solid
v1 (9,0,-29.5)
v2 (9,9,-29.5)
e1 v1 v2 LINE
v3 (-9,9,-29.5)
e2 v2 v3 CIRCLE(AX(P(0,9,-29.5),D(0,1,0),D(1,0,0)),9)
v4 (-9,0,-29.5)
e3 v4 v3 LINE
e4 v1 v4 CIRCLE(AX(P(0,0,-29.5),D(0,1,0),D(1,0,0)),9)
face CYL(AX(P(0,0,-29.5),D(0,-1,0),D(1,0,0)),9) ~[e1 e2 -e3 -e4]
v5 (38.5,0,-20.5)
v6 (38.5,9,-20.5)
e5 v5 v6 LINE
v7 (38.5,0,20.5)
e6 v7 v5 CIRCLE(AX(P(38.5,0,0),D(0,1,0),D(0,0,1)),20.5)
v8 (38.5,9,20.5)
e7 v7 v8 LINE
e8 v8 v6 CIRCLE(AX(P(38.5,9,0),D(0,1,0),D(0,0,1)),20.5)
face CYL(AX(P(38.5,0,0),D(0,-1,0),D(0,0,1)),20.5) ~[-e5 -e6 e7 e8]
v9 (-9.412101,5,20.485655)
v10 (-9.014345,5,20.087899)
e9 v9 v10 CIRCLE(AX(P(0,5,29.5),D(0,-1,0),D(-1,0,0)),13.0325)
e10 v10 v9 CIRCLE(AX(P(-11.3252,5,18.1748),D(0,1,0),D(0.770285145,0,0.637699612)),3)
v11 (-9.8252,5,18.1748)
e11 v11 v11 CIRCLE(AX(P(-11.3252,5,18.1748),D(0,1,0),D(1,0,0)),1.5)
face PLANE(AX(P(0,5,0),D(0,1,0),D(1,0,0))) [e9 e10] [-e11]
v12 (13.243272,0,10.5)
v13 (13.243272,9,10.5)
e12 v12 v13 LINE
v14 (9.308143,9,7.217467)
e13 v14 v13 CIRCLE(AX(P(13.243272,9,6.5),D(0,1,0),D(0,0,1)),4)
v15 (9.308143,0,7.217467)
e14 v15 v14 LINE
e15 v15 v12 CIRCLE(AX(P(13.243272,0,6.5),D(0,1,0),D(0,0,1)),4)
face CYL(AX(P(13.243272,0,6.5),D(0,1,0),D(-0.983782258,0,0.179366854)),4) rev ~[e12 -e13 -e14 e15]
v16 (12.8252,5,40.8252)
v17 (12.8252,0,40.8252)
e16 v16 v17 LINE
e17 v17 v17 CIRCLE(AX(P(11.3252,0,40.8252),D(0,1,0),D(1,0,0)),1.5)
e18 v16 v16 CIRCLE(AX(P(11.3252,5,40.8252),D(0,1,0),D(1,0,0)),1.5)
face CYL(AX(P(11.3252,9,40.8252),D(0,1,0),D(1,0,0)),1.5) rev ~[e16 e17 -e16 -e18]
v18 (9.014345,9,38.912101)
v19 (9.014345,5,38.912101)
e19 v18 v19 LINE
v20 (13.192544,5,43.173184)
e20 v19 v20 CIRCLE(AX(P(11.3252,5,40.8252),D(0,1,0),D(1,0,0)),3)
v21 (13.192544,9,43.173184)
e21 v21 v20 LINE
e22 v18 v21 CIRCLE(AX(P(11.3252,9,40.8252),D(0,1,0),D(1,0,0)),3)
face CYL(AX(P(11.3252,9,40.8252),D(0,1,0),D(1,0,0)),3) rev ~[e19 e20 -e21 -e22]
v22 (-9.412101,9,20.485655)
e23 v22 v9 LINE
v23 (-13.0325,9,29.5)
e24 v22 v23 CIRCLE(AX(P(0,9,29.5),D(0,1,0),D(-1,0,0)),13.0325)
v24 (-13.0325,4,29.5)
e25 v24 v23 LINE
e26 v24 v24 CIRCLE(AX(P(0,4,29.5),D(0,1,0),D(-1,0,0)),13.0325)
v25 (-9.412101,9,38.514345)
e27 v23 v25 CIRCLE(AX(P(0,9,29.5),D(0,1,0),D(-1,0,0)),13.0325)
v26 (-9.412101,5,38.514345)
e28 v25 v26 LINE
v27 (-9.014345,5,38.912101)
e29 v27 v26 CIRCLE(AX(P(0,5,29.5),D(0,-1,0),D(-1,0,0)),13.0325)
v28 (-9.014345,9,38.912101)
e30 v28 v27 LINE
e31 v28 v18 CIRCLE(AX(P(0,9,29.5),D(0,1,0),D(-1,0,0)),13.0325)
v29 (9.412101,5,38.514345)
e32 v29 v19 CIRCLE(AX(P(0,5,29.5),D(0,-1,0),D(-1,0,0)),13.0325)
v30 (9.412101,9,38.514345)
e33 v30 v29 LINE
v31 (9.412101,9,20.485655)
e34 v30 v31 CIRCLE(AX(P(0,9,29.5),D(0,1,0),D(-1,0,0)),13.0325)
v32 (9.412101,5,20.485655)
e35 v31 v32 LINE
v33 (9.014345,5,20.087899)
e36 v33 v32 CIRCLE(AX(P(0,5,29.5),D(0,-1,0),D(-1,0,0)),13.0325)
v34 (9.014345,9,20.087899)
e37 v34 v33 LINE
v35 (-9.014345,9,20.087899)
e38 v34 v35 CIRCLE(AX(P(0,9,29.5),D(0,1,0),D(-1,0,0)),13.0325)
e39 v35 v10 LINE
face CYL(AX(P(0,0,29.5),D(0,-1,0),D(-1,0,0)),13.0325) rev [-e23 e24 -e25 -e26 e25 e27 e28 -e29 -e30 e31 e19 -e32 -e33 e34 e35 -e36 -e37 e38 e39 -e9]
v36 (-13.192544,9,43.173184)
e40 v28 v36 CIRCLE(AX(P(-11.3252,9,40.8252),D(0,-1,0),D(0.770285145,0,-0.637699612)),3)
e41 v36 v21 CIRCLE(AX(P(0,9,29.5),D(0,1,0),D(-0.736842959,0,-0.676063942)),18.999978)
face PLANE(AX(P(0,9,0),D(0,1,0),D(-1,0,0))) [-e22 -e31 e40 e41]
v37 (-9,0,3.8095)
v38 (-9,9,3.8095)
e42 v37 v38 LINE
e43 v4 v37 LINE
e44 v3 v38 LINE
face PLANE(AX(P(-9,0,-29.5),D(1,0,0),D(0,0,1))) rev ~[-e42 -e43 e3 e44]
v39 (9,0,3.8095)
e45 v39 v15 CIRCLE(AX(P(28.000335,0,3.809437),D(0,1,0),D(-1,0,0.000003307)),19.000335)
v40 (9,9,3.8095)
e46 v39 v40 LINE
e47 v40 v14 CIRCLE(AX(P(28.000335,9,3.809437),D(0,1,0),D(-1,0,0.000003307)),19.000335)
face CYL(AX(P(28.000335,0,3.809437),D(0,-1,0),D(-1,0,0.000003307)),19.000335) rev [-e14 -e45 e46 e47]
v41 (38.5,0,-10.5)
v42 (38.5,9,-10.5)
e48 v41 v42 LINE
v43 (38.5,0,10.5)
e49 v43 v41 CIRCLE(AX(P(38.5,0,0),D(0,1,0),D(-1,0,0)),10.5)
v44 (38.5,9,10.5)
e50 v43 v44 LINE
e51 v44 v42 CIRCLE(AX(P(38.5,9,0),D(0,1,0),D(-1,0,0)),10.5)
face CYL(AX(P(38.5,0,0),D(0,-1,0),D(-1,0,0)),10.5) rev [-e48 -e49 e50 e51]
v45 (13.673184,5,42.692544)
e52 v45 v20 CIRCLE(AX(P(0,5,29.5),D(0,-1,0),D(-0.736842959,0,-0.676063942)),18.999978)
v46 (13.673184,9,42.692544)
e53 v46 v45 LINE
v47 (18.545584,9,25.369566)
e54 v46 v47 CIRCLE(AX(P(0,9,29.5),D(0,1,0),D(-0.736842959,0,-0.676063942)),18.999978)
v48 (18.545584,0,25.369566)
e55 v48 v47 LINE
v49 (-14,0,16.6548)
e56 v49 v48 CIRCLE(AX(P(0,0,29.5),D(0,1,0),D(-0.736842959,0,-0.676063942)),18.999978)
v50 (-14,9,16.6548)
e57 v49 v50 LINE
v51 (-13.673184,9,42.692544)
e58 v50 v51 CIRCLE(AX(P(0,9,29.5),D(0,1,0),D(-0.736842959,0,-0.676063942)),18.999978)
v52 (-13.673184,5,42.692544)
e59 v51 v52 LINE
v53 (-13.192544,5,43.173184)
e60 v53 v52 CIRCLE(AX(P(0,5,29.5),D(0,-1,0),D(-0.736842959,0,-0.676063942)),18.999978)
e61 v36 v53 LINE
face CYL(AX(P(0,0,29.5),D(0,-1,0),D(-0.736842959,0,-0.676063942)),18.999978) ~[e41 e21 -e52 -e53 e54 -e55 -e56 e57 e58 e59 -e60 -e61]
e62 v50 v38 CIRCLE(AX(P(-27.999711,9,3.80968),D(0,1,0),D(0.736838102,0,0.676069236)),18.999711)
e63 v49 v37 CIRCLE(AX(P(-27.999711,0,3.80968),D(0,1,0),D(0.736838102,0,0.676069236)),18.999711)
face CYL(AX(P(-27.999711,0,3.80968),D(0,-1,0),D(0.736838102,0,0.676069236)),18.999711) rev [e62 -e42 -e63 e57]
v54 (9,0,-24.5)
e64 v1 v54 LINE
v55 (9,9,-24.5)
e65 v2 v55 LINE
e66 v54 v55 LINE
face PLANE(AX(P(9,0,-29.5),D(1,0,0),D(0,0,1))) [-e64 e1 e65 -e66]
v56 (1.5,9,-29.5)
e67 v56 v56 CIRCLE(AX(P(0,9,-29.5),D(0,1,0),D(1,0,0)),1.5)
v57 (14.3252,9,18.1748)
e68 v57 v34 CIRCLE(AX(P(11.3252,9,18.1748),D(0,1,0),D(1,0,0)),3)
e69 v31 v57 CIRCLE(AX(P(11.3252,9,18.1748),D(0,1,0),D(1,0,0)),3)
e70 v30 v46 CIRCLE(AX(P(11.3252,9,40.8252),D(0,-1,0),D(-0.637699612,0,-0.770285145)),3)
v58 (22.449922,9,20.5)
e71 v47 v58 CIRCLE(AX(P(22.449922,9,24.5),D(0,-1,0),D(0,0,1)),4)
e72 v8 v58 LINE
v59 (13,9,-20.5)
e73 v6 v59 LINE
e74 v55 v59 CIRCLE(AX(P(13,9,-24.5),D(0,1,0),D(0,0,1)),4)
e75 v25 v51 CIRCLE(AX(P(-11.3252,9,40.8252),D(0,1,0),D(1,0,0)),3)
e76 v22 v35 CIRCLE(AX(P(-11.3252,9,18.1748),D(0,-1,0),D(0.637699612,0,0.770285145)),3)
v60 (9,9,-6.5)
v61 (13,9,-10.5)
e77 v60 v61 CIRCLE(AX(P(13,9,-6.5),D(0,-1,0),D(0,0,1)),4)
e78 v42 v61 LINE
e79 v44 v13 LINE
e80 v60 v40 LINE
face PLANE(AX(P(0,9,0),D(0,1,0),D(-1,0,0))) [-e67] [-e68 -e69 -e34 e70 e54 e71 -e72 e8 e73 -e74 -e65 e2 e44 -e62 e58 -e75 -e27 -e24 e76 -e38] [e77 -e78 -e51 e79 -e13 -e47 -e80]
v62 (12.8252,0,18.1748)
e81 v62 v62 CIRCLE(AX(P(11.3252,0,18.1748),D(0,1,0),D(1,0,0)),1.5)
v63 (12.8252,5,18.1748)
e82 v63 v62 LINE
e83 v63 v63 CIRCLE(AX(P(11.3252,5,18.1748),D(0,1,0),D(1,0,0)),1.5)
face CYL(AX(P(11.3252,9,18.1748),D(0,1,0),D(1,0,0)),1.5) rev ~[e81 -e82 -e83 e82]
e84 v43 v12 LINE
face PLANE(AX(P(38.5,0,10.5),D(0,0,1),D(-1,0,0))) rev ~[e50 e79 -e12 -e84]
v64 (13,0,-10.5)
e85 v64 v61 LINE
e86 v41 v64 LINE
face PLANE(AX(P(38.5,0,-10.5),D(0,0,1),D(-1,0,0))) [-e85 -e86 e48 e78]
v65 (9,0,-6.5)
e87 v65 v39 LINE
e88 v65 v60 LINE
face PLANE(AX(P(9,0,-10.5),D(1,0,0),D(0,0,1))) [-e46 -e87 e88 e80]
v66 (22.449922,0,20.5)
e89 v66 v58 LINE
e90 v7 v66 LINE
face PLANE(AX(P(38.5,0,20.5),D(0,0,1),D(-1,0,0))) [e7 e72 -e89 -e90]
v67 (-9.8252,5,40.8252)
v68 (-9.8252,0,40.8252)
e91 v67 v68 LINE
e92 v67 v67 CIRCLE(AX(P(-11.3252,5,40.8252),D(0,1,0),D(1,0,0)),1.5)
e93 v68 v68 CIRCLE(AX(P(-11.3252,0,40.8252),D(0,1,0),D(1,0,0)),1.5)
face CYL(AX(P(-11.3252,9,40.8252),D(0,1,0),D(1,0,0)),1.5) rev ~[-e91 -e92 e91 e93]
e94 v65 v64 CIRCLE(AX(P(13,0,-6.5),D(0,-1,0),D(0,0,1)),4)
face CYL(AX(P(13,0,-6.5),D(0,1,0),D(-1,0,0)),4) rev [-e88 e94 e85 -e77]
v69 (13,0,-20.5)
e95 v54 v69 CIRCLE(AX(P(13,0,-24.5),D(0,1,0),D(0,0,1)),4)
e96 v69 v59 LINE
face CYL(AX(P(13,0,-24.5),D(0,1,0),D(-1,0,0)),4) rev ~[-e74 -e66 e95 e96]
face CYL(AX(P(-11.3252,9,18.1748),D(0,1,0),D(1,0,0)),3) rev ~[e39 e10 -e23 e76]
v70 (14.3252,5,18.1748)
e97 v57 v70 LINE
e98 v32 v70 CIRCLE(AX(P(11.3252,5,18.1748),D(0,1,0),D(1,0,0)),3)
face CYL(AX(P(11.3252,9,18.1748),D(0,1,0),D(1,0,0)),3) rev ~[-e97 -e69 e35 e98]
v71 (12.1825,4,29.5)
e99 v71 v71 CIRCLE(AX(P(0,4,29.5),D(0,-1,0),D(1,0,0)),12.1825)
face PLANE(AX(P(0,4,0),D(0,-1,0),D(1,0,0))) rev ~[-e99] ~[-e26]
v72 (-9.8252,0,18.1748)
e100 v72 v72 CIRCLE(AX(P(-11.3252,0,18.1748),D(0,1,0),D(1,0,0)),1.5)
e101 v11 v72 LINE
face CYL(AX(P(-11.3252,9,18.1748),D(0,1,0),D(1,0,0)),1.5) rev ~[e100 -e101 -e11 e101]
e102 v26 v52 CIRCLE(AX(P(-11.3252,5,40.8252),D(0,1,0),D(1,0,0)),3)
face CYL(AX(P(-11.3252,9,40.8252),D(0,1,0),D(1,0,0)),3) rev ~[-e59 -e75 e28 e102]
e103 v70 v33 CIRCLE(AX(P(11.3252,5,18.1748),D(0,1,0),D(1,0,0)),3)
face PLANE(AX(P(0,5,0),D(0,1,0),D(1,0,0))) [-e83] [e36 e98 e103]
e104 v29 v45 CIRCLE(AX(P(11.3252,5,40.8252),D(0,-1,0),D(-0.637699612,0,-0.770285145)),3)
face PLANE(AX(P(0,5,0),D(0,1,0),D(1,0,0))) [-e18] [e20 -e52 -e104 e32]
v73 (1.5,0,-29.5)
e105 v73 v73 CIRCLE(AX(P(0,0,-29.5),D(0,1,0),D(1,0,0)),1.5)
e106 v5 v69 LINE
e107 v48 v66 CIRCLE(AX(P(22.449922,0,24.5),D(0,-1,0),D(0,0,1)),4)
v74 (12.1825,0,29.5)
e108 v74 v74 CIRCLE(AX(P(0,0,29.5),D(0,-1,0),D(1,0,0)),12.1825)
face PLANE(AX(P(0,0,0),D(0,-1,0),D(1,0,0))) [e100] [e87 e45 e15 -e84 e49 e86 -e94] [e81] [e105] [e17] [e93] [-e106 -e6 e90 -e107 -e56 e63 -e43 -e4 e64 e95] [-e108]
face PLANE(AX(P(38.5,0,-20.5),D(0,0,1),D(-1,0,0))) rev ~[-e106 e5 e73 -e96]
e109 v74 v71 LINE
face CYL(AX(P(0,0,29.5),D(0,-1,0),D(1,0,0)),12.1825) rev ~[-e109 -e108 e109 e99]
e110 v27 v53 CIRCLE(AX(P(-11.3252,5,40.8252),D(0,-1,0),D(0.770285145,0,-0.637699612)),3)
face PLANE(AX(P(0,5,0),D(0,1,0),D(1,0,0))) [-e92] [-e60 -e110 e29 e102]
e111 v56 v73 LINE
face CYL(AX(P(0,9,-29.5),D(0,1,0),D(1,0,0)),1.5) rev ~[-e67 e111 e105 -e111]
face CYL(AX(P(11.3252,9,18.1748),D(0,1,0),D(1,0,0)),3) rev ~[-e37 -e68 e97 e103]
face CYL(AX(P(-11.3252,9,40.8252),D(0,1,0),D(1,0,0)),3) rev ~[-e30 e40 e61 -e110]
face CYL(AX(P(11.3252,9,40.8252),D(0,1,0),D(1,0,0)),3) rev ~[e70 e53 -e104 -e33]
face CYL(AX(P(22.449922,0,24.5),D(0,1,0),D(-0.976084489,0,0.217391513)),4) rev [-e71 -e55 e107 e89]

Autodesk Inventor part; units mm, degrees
ref_plane "YZ Plane" through (0, 0, 0) normal (1, 0, 0) x (0, 1, 0)
ref_plane "XZ Plane" through (0, 0, 0) normal (0, 1, 0) x (-1, 0, 0)
ref_plane "XY Plane" through (0, 0, 0) normal (0, 0, 1) x (1, 0, 0)
sketch "Sketch1" plane through (0, 0, 0) normal (0, 1, 0) x (-1, 0, 0)
  line L0 (0, -55.9) -> (0, 65.9) construction
  line L1 (0, 29.5) -> (0, -29.5) construction
  arc A0 (14, 16.6548) -> (-14, 16.6548) centre (0, 29.5) ccw
  arc A1 (-9, -29.5) -> (9, -29.5) centre (0, -29.5) ccw
  line L2 (9, -29.5) -> (9, 3.8095)
  arc A2 (14, 16.6548) -> (9, 3.8095) centre (28, 3.8095) ccw
  line L3 (-9, -29.5) -> (-9, 3.8095)
  arc A3 (-9, 3.8095) -> (-14, 16.6548) centre (-28, 3.8095) ccw
  circle A4 centre (0, 29.5) radius 13.0325
  circle A5 centre (-38.5, 0) radius 10.5
  arc A6 (-38.5, 20.5) -> (-38.5, -20.5) centre (-38.5, 0) ccw
  line L4 (-38.5, 20.5) -> (-16.7332, 20.5)
  line L5 (-38.5, -20.5) -> (-9, -20.5)
  line L6 (-38.5, -10.5) -> (-9, -10.5)
  line L7 (-38.5, 10.5) -> (-10.2169, 10.5)
  point P0 (0, 0)
  point P1 (0, 0)
  point P2 (0, -38.5)
  point P3 (-5.5975, 47.6568)
  point P4 (-18.642, 33.1709)
  point P5 (-35.056, 9.9191)
  point P6 (-9, -28.5)
  point P7 (-59, 0)
  dimension "d0" = 59
  dimension "d1" = 29.5
  dimension "d2" = 38
  dimension "d3" = 18
  dimension "d4" = 19
  dimension "d5" = 26.065
  dimension "d31" = 10
  dimension "d32" = 59
extrude "Extrusion1" add sketch "Sketch1" along normal blind 9 contours A2 L2 A1 L3 A3 A0 | A0 A3 L7 A5 L6 L3 L5 A6 L4
sketch "Sketch2" plane through (0, 0, 0) normal (0, -1, 0) x (1, 0, 0)
  circle A0 centre (0, 29.5) radius 13.0325 projected
  circle A1 centre (0, 29.5) radius 12.1825
  point P0 (0, 0)
  dimension "d8" = 0.85
extrude "Extrusion2" add sketch "Sketch2" against normal blind 4
sketch "Sketch3" plane through (0, 9, 0) normal (0, 1, 0) x (1, 0, 0)
  arc A0 (9, 29.5) -> (-9, 29.5) centre (0, 29.5) ccw projected
  circle A1 centre (0, 29.5) radius 1.5
  point P0 (0, 0)
  point P1 (0, 38.5)
  dimension "d11" = 3
extrude "Extrusion3" cut sketch "Sketch3" against normal through all
sketch "Sketch4" plane through (0, 9, 0) normal (0, 1, 0) x (1, 0, 0)
  circle A0 centre (0, -29.5) radius 12.1825 projected
  line L0 (0, -29.5) -> (0, -21.0642) construction
  circle A1 centre (0, -29.5) radius 16.0162 construction
  circle A2 centre (0, -29.5) radius 13.0325 projected
  line L1 (-13.0325, -29.5) -> (-16.0162, -29.5) construction
  line L2 (-16.0162, -29.5) -> (-19, -29.5) construction
  arc A3 (-14, -16.6548) -> (16.7332, -20.5) centre (0, -29.5) ccw projected
  line L3 (0, -29.5) -> (-11.3252, -18.1748) construction
  circle A4 centre (-11.3252, -18.1748) radius 1.5
  circle A5 centre (-11.3252, -40.8252) radius 1.5
  circle A6 centre (11.3252, -40.8252) radius 1.5
  circle A7 centre (11.3252, -18.1748) radius 1.5
  point P0 (0, 0)
  point P1 (14, -16.6548)
  dimension "d14" = 45
  dimension "d15" = 3
  dimension "d18" = 360
extrude "Extrusion4" cut sketch "Sketch4" against normal through all contours A4 | A5 | A6 | A7
sketch "Sketch5" plane through (0, 9, 0) normal (0, 1, 0) x (1, 0, 0)
  circle A0 centre (-11.3252, -40.8252) radius 1.5 projected
  circle A1 centre (-11.3252, -40.8252) radius 3
  circle A2 centre (-11.3252, -18.1748) radius 1.5 projected
  circle A3 centre (-11.3252, -18.1748) radius 3
  circle A4 centre (11.3252, -40.8252) radius 1.5 projected
  circle A5 centre (11.3252, -40.8252) radius 3
  circle A6 centre (11.3252, -18.1748) radius 1.5 projected
  circle A7 centre (11.3252, -18.1748) radius 3
  point P0 (0, 0)
  dimension "d22" = 6
  dimension "d23" = 6
  dimension "d24" = 6
  dimension "d25" = 6
extrude "Extrusion5" cut sketch "Sketch5" against normal blind 4 contours A0 | A1 | A2 | A3 | A4 | A5 | A6 | A7
fillet "Fillet2" radius 4 4 edges at (16.7332, 4.5, 20.5) (10.2169, 4.5, 10.5) (9, 4.5, -10.5) (9, 4.5, -20.5)
equation "\"d1\" = 0.5 * d0"
equation "\"d4\" = 0.5 * d2"
properties part number "leg_extend_3DPrint"
